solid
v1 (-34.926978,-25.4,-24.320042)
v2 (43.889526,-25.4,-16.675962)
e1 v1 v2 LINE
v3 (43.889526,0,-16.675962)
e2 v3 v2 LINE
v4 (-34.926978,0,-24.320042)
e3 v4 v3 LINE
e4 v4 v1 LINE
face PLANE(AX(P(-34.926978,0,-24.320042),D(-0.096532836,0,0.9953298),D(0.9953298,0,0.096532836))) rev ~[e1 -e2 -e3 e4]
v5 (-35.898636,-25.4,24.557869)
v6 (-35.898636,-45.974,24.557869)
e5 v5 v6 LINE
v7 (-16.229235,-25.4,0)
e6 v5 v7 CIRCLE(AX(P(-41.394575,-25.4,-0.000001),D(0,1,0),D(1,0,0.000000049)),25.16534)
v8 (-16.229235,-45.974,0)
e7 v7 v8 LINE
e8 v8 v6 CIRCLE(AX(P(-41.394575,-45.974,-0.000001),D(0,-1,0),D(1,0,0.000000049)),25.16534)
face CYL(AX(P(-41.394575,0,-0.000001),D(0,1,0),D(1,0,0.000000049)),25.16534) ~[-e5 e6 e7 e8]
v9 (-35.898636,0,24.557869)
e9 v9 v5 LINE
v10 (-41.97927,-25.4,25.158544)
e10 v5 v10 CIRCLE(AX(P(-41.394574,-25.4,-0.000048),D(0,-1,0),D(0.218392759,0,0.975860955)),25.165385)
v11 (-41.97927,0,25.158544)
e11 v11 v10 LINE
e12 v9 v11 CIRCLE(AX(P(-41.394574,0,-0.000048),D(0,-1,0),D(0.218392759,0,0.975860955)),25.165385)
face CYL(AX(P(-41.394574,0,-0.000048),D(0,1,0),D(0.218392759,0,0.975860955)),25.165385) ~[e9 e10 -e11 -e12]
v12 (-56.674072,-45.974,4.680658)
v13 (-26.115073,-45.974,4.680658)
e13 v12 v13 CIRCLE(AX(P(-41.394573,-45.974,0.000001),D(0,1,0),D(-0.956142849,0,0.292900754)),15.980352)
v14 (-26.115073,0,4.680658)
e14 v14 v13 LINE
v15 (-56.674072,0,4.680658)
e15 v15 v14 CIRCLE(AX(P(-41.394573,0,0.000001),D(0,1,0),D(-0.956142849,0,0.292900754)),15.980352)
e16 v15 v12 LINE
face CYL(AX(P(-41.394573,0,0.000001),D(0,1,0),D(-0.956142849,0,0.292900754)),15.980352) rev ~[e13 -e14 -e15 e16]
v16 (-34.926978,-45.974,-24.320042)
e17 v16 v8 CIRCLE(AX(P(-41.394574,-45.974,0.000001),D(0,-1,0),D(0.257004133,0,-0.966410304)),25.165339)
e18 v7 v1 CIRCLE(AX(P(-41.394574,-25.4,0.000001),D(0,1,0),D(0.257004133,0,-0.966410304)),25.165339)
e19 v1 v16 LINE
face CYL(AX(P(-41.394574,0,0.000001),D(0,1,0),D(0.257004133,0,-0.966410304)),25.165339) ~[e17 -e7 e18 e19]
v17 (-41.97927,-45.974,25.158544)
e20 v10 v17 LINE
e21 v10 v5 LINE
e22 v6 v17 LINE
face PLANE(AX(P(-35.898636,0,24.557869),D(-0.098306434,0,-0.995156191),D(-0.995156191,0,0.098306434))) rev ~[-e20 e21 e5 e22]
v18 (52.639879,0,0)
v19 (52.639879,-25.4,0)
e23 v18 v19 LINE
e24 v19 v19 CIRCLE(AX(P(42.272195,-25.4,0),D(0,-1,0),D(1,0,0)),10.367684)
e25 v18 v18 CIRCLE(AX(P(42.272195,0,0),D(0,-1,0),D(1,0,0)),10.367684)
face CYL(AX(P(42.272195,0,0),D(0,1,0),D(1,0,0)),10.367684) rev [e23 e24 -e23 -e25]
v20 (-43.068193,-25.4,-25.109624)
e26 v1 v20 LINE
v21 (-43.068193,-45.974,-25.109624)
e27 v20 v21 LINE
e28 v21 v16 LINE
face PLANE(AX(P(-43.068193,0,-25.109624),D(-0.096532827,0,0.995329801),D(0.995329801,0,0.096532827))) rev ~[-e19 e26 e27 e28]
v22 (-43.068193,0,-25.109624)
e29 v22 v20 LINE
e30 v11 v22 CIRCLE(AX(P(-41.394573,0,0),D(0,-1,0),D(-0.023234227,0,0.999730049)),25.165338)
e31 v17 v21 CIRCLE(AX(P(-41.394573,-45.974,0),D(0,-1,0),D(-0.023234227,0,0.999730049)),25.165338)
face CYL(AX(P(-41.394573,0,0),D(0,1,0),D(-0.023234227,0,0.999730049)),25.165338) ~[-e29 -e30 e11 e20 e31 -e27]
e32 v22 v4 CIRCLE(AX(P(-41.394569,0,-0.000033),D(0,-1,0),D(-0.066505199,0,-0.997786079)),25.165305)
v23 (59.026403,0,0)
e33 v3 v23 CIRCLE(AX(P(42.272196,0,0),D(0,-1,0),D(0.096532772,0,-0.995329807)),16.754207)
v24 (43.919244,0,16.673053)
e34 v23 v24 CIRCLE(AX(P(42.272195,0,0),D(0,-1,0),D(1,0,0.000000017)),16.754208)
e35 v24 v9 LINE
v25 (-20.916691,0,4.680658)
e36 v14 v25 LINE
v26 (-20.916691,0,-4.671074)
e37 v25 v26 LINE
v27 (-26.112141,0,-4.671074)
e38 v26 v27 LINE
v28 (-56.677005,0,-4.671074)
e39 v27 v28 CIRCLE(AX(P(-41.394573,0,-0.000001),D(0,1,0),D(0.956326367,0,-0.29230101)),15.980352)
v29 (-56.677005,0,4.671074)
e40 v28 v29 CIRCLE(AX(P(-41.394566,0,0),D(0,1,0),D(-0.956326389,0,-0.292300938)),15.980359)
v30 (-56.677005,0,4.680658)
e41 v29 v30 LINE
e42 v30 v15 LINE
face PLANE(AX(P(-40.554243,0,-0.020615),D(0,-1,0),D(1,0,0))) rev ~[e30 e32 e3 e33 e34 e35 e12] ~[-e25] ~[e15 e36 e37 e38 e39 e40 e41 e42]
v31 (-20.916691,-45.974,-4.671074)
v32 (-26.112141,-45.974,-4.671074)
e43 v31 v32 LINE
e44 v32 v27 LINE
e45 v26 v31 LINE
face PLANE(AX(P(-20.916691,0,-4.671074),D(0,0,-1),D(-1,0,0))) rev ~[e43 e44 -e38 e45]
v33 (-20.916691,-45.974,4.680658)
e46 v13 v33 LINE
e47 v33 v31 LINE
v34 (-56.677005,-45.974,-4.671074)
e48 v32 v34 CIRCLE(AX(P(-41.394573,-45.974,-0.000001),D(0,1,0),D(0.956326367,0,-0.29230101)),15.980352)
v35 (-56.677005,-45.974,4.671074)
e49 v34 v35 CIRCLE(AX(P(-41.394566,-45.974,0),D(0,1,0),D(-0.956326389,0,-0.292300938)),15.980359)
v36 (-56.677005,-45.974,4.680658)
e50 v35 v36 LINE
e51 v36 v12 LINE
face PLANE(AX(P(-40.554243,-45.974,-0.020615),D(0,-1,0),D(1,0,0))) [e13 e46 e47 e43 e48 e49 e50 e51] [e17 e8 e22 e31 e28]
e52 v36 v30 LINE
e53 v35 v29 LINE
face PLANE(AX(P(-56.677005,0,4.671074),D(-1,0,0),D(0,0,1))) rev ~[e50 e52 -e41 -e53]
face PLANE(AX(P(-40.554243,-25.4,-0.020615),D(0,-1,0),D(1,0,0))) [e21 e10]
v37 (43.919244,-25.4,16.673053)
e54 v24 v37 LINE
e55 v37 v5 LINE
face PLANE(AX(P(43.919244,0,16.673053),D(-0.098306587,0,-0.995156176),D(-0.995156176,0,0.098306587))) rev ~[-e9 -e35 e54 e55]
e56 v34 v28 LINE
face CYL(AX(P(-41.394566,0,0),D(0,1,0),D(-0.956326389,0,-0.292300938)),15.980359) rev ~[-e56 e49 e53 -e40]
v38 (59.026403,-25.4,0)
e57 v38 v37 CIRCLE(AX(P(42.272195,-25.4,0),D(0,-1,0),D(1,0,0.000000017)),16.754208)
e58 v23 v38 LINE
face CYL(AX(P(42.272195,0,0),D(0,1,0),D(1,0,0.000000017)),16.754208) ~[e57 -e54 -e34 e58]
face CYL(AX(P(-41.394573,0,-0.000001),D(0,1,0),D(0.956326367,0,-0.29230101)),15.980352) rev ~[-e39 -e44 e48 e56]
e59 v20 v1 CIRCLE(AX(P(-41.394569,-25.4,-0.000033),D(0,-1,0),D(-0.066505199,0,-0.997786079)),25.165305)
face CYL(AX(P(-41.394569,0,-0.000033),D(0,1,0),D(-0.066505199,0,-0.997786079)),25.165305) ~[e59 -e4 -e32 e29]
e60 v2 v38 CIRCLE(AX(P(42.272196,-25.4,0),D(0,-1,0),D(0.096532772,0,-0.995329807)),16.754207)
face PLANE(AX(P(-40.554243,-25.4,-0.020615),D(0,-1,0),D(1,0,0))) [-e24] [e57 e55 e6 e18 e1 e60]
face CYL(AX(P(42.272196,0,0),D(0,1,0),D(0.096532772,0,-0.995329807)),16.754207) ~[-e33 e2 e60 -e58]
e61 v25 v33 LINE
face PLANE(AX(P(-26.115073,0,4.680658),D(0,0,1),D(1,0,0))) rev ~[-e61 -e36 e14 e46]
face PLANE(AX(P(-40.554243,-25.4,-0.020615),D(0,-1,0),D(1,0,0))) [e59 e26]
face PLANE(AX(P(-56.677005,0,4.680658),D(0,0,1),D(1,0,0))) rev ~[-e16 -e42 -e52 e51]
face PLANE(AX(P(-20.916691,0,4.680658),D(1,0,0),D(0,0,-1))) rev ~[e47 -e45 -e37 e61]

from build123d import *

# Parameters (mm, degrees)
F0_R     = 10.367684
F1_DEPTH = 25.4
F2_DEPTH = 45.974


with BuildPart() as f1:
    # F0 (on Front) → F1 (new body)
    with BuildSketch(Plane.XZ):
        with BuildLine():
            Line((-35.898636, 24.557869), (-41.97927, 25.158544))
            ThreePointArc((-41.97927, 25.158544), (-66.554008, 0.545011), (-43.068193, -25.109624))
            Line((-43.068193, -25.109624), (-34.926978, -24.320042))
            ThreePointArc((-34.926978, -24.320042), (-21.443966, -15.338432), (-16.229235, 0))
            ThreePointArc((-16.229235, 0), (-21.752764, 15.731928), (-35.898636, 24.557869))
        make_face()
        with BuildLine():
            ThreePointArc((-56.674072, 4.680658), (-41.394573, 15.980353), (-26.115073, 4.680658))
            Line((-26.115073, 4.680658), (-20.916691, 4.680658))
            Line((-20.916691, 4.680658), (-20.916691, -4.671074))
            Line((-20.916691, -4.671074), (-26.112141, -4.671074))
            ThreePointArc((-26.112141, -4.671074), (-41.394573, -15.980353), (-56.677005, -4.671074))
            ThreePointArc((-56.677005, -4.671074), (-57.374925, 0), (-56.677005, 4.671074))
            Line((-56.677005, 4.671074), (-56.677005, 4.680658))
            Line((-56.677005, 4.680658), (-56.674072, 4.680658))
        make_face(mode=Mode.SUBTRACT)
        with BuildLine():
            ThreePointArc((-35.898636, 24.557869), (-38.920654, 25.043441), (-41.97927, 25.158544))
            Line((-41.97927, 25.158544), (-35.898636, 24.557869))
        make_face()
        with BuildLine():
            Line((-34.926978, -24.320042), (-43.068193, -25.109624))
            ThreePointArc((-43.068193, -25.109624), (-38.965291, -25.047811), (-34.926978, -24.320042))
        make_face()
        with BuildLine():
            Line((43.919244, 16.673053), (-35.898636, 24.557869))
            ThreePointArc((-35.898636, 24.557869), (-21.752764, 15.731928), (-16.229235, 0))
            ThreePointArc((-16.229235, 0), (-21.443966, -15.338432), (-34.926978, -24.320042))
            Line((-34.926978, -24.320042), (43.889526, -16.675962))
            ThreePointArc((43.889526, -16.675962), (25.517994, 0.01493), (43.919244, 16.673053))
        make_face()
        with BuildLine():
            ThreePointArc((59.026403, 0), (54.68788, 11.249633), (43.919244, 16.673053))
            ThreePointArc((43.919244, 16.673053), (25.517994, 0.01493), (43.889526, -16.675962))
            ThreePointArc((43.889526, -16.675962), (54.677851, -11.260692), (59.026403, 0))
        make_face()
        with Locations((42.272195, 0)):
            Circle(F0_R, mode=Mode.SUBTRACT)
    extrude(amount=F1_DEPTH)

    # F0 (on Front) → F2 (join)
    with BuildSketch(Plane.XZ):
        with BuildLine():
            Line((-35.898636, 24.557869), (-41.97927, 25.158544))
            ThreePointArc((-41.97927, 25.158544), (-66.554008, 0.545011), (-43.068193, -25.109624))
            Line((-43.068193, -25.109624), (-34.926978, -24.320042))
            ThreePointArc((-34.926978, -24.320042), (-21.443966, -15.338432), (-16.229235, 0))
            ThreePointArc((-16.229235, 0), (-21.752764, 15.731928), (-35.898636, 24.557869))
        make_face()
        with BuildLine():
            ThreePointArc((-56.674072, 4.680658), (-41.394573, 15.980353), (-26.115073, 4.680658))
            Line((-26.115073, 4.680658), (-20.916691, 4.680658))
            Line((-20.916691, 4.680658), (-20.916691, -4.671074))
            Line((-20.916691, -4.671074), (-26.112141, -4.671074))
            ThreePointArc((-26.112141, -4.671074), (-41.394573, -15.980353), (-56.677005, -4.671074))
            ThreePointArc((-56.677005, -4.671074), (-57.374925, 0), (-56.677005, 4.671074))
            Line((-56.677005, 4.671074), (-56.677005, 4.680658))
            Line((-56.677005, 4.680658), (-56.674072, 4.680658))
        make_face(mode=Mode.SUBTRACT)
    extrude(amount=F2_DEPTH)


solid = f1.part
